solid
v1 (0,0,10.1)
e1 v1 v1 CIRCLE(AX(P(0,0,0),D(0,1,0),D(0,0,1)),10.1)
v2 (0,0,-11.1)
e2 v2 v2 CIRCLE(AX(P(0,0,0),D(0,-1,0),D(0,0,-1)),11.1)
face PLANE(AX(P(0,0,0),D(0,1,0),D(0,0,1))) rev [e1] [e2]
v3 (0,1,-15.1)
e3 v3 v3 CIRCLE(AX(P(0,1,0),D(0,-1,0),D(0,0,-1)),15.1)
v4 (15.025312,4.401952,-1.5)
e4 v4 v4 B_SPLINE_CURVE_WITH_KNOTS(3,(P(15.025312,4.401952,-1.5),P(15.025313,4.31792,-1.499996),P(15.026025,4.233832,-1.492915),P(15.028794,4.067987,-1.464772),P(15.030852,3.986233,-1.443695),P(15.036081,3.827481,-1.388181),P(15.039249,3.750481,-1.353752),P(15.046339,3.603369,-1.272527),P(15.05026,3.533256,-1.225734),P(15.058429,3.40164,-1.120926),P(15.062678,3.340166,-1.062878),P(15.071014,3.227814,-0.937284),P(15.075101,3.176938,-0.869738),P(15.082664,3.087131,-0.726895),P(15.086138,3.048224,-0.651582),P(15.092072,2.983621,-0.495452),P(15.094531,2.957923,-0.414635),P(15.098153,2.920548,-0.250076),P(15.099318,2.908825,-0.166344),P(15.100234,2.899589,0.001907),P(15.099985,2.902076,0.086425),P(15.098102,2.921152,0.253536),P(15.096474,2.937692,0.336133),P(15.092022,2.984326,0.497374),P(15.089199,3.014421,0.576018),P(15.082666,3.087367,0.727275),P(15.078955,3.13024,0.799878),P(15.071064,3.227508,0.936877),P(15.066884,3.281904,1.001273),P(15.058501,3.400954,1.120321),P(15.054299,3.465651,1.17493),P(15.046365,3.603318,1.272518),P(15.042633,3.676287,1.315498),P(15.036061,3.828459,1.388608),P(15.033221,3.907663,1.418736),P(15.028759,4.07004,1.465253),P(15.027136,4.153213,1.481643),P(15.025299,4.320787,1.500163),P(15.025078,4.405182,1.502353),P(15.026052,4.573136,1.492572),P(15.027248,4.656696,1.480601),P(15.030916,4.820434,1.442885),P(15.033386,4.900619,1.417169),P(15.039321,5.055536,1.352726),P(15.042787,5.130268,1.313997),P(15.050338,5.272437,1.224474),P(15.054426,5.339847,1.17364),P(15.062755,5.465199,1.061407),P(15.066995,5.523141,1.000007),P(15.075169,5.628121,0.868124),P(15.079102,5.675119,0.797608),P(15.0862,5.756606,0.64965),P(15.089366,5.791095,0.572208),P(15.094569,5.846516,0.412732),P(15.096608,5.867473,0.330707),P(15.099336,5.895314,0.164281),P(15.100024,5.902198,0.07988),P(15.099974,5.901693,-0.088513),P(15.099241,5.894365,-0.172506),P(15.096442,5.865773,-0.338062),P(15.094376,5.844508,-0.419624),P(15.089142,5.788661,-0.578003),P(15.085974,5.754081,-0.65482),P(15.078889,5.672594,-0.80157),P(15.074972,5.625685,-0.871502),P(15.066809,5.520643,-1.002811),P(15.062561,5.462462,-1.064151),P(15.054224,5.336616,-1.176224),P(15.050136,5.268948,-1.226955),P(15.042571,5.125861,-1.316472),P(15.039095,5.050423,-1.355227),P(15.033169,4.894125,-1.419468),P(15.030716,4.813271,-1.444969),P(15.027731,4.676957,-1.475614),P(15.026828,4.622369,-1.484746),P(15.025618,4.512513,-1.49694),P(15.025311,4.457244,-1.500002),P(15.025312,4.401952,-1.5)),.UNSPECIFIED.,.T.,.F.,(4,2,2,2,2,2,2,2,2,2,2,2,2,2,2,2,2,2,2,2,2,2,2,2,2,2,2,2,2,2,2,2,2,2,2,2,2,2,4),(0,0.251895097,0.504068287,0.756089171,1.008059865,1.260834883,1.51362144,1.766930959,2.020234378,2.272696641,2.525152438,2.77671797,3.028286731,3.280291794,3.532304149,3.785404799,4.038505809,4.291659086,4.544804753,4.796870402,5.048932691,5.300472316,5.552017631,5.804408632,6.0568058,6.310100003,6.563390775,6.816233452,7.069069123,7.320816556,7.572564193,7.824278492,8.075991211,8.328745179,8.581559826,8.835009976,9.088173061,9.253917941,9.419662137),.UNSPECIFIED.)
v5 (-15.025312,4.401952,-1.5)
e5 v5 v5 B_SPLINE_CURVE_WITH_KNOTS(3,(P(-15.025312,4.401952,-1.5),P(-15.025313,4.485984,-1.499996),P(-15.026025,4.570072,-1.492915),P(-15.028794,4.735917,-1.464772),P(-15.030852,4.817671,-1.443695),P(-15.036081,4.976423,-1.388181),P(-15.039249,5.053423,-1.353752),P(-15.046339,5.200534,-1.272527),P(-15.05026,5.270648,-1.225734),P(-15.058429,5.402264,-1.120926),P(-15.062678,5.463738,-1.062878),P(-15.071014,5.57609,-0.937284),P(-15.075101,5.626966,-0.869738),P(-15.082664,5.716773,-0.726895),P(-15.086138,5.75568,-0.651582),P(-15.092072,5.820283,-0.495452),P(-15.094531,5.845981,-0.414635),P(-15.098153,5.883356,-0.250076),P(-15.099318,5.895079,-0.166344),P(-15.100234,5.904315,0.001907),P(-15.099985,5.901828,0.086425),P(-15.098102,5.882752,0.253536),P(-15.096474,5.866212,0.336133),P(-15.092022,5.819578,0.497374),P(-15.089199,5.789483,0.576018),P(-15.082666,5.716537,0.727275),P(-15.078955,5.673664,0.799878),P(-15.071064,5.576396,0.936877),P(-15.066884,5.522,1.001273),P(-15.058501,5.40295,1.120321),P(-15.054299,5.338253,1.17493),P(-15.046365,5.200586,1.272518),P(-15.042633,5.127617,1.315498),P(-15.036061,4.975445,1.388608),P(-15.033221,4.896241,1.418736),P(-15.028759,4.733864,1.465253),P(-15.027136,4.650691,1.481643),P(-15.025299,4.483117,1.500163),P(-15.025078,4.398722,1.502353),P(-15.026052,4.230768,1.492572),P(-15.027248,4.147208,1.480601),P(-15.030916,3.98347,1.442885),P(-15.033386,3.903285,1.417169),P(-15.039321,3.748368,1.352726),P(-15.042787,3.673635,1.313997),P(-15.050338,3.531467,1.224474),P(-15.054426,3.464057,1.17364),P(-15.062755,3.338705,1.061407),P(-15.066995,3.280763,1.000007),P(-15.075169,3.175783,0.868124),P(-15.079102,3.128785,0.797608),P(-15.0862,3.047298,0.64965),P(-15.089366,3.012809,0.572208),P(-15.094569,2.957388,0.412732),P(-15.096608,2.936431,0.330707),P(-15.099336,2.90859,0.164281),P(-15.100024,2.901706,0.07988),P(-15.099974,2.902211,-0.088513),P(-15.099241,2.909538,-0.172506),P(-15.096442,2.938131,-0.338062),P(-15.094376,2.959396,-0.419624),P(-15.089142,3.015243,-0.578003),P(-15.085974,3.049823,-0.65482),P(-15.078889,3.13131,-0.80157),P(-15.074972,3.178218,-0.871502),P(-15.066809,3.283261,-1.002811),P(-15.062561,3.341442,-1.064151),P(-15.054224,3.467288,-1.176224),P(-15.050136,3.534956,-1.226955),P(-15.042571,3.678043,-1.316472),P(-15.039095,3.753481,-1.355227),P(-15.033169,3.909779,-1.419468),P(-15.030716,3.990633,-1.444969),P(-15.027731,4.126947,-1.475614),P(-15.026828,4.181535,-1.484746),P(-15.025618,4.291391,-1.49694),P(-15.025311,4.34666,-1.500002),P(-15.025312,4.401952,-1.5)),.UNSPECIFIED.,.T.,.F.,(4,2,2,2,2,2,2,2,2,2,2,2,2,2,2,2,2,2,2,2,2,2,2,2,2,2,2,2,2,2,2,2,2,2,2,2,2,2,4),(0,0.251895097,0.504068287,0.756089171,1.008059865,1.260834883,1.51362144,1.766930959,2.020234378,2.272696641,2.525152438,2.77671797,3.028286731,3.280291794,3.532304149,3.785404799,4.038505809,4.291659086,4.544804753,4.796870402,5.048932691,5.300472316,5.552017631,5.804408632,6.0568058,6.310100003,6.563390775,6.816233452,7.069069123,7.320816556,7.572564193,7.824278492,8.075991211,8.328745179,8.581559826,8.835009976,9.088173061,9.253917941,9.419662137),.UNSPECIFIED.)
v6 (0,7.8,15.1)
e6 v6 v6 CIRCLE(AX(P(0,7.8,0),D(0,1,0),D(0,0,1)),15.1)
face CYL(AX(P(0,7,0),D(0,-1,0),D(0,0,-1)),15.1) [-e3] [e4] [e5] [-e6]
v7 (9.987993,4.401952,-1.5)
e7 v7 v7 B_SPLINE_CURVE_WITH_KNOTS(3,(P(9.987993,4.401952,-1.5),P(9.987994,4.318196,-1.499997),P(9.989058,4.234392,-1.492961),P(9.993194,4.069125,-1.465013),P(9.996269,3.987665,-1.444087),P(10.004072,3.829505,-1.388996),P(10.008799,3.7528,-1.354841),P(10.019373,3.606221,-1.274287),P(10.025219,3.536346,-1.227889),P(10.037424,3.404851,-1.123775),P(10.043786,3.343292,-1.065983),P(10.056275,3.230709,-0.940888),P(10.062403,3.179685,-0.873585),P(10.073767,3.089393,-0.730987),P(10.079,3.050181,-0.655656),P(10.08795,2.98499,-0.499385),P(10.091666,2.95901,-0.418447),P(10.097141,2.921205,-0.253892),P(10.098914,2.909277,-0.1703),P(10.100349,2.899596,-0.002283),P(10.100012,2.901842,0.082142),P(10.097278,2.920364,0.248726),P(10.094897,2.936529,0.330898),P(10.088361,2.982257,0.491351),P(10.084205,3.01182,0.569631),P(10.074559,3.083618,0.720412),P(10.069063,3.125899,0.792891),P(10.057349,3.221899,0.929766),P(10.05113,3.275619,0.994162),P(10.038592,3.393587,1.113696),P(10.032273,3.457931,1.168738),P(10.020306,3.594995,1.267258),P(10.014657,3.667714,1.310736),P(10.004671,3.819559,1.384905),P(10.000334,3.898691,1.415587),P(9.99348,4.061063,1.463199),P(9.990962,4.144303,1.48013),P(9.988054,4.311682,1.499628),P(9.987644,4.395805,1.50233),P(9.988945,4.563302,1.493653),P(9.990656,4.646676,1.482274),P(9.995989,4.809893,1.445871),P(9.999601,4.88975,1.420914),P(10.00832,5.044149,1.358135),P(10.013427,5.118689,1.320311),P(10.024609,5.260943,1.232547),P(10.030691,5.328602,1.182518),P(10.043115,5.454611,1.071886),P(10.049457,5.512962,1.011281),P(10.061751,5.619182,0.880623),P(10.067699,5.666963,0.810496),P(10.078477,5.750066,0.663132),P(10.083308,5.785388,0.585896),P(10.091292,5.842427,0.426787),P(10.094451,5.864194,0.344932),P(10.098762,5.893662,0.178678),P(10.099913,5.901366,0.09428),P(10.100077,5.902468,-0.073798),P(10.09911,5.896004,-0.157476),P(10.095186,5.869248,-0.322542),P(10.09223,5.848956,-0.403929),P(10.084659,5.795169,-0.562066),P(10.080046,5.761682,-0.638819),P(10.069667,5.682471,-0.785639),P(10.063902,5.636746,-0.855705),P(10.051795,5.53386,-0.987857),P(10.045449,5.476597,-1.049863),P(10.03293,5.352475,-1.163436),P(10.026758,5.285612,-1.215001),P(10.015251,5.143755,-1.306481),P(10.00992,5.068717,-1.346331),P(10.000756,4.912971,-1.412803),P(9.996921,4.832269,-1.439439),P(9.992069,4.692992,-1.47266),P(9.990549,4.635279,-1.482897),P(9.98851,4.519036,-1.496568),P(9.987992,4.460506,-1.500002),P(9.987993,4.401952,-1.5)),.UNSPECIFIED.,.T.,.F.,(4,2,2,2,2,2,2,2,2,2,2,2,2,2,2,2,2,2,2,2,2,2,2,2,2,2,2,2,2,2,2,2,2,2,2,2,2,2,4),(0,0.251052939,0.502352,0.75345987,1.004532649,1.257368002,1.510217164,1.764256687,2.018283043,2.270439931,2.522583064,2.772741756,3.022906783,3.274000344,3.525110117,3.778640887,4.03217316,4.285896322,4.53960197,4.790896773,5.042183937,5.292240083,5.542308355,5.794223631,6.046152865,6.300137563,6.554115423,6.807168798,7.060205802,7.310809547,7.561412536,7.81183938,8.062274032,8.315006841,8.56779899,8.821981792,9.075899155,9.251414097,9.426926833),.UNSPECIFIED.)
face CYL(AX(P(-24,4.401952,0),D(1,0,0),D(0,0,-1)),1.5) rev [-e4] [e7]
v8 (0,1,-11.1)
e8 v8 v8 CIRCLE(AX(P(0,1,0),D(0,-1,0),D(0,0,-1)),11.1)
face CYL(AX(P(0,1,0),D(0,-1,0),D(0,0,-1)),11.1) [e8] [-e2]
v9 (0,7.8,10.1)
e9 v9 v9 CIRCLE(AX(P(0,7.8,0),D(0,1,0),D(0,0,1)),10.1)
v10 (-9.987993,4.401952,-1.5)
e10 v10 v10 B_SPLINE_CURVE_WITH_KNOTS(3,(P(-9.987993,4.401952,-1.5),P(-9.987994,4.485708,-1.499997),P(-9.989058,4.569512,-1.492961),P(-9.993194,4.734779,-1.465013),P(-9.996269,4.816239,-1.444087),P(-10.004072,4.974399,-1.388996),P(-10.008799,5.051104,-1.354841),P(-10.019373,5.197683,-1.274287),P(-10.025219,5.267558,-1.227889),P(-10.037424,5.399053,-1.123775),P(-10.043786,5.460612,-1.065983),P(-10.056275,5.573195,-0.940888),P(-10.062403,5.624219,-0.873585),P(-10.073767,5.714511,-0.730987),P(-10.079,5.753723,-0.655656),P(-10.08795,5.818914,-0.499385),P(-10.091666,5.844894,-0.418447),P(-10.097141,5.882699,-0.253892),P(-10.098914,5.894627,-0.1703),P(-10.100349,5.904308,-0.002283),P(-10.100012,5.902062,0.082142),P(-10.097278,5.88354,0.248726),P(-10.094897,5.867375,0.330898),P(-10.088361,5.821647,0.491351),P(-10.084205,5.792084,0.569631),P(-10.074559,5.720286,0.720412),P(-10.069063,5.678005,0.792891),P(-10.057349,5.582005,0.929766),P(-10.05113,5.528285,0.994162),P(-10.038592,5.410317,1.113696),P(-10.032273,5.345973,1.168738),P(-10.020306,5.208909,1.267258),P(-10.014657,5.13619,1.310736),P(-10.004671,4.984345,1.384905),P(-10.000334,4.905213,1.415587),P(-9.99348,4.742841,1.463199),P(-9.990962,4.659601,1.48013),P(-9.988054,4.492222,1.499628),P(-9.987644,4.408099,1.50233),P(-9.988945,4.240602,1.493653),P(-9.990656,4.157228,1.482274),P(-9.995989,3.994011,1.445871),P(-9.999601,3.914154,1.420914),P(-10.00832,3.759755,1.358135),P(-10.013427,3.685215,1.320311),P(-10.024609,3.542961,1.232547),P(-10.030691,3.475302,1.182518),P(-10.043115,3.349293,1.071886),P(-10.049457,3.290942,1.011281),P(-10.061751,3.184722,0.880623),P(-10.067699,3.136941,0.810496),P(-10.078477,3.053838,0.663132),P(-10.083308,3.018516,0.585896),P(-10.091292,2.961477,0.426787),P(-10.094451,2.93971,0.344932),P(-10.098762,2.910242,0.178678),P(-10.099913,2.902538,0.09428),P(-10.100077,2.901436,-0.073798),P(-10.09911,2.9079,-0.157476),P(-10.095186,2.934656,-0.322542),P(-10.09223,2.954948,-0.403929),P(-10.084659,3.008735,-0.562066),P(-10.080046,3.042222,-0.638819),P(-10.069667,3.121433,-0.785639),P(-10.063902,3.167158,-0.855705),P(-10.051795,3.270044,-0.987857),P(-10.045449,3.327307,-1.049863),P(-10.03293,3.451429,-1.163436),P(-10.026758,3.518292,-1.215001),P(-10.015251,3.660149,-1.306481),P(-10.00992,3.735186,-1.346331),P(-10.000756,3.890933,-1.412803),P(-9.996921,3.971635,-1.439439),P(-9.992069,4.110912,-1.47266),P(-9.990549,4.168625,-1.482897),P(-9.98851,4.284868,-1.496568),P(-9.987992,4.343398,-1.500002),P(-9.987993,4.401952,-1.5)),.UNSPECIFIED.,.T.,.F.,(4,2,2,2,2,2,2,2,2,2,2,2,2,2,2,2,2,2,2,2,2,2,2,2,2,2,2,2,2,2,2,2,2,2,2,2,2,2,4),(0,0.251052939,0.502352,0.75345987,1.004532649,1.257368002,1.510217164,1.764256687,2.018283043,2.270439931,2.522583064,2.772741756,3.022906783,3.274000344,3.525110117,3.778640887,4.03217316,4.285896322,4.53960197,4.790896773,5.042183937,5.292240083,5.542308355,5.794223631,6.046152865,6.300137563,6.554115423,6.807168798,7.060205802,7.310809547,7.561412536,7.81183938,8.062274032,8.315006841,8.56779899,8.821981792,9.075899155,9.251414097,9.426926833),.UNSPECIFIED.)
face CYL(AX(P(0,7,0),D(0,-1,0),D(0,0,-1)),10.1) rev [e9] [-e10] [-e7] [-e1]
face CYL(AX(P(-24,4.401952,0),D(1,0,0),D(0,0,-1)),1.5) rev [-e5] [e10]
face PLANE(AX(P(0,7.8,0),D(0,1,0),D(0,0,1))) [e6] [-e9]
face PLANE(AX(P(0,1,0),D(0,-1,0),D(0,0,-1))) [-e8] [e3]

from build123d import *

# Parameters (mm, degrees)
SKETCH1_R               = 15.1
SKETCH1_R_2             = 10.1
BOSS_EXTRUDE1_DEPTH     = 7
CUT_EXTRUDE3_DEPTH      = 22
CUT_EXTRUDE3_DEPTH_BACK = 24
SKETCH4_R               = 23.353820798
SKETCH4_R_2             = 11.1
CUT_EXTRUDE4_DEPTH      = 1
SKETCH6_R               = 15.1
SKETCH6_R_2             = 10.1
BOSS_EXTRUDE2_DEPTH     = 0.8


with BuildPart() as part:
    # Sketch1 → Boss-Extrude1 (new body)
    with BuildSketch(Plane(origin=(0, 0, 0), x_dir=(1, 0, 0), z_dir=(0, 1, 0))):
        with Locations(Location((0, 0, 0), (0, 0, 270))):
            Circle(SKETCH1_R)
        with Locations(Location((0, 0, 0), (0, 0, 270))):
            Circle(SKETCH1_R_2, mode=Mode.SUBTRACT)
    extrude(amount=BOSS_EXTRUDE1_DEPTH)

    # Sketch2 → Cut-Extrude3 (cut, two sides: drawn at the far end of the back side and taken through both)
    with BuildSketch(Plane(origin=(0, 0, 0), x_dir=(0, 0, -1), z_dir=(1, 0, 0)).offset(-CUT_EXTRUDE3_DEPTH_BACK)):
        with BuildLine():
            Line((0, 5.901951984), (0, 4.401951984))
            Line((0, 4.401951984), (0, 3.5))
            Line((0, 3.5), (0, 2.901951984))
            ThreePointArc((0, 2.901951984), (1.060660172, 3.341291812), (1.5, 4.401951984))
            ThreePointArc((1.5, 4.401951984), (1.060660172, 5.462612156), (0, 5.901951984))
        make_face()
        with BuildLine():
            Line((0, 3.5), (0, 4.401951984))
            Line((0, 4.401951984), (0, 5.901951984))
            ThreePointArc((0, 5.901951984), (-1.5, 4.401951984), (0, 2.901951984))
            Line((0, 2.901951984), (0, 3.5))
        make_face()
    extrude(amount=CUT_EXTRUDE3_DEPTH + CUT_EXTRUDE3_DEPTH_BACK, mode=Mode.SUBTRACT)

    # Sketch4 → Cut-Extrude4 (cut)
    with BuildSketch(Plane.XZ):
        Circle(SKETCH4_R)
        with Locations(Location((0, 0, 0), (0, 0, 270))):
            Circle(SKETCH4_R_2, mode=Mode.SUBTRACT)
    extrude(amount=-CUT_EXTRUDE4_DEPTH, mode=Mode.SUBTRACT)

    # Sketch6 → Boss-Extrude2 (add)
    with BuildSketch(Plane(origin=(0, 7, 0), x_dir=(1, 0, 0), z_dir=(0, 1, 0))):
        with Locations(Location((0, 0, 0), (0, 0, 90))):
            Circle(SKETCH6_R)
        with Locations(Location((0, 0, 0), (0, 0, 270))):
            Circle(SKETCH6_R_2, mode=Mode.SUBTRACT)
    extrude(amount=BOSS_EXTRUDE2_DEPTH)


solid = part.part
